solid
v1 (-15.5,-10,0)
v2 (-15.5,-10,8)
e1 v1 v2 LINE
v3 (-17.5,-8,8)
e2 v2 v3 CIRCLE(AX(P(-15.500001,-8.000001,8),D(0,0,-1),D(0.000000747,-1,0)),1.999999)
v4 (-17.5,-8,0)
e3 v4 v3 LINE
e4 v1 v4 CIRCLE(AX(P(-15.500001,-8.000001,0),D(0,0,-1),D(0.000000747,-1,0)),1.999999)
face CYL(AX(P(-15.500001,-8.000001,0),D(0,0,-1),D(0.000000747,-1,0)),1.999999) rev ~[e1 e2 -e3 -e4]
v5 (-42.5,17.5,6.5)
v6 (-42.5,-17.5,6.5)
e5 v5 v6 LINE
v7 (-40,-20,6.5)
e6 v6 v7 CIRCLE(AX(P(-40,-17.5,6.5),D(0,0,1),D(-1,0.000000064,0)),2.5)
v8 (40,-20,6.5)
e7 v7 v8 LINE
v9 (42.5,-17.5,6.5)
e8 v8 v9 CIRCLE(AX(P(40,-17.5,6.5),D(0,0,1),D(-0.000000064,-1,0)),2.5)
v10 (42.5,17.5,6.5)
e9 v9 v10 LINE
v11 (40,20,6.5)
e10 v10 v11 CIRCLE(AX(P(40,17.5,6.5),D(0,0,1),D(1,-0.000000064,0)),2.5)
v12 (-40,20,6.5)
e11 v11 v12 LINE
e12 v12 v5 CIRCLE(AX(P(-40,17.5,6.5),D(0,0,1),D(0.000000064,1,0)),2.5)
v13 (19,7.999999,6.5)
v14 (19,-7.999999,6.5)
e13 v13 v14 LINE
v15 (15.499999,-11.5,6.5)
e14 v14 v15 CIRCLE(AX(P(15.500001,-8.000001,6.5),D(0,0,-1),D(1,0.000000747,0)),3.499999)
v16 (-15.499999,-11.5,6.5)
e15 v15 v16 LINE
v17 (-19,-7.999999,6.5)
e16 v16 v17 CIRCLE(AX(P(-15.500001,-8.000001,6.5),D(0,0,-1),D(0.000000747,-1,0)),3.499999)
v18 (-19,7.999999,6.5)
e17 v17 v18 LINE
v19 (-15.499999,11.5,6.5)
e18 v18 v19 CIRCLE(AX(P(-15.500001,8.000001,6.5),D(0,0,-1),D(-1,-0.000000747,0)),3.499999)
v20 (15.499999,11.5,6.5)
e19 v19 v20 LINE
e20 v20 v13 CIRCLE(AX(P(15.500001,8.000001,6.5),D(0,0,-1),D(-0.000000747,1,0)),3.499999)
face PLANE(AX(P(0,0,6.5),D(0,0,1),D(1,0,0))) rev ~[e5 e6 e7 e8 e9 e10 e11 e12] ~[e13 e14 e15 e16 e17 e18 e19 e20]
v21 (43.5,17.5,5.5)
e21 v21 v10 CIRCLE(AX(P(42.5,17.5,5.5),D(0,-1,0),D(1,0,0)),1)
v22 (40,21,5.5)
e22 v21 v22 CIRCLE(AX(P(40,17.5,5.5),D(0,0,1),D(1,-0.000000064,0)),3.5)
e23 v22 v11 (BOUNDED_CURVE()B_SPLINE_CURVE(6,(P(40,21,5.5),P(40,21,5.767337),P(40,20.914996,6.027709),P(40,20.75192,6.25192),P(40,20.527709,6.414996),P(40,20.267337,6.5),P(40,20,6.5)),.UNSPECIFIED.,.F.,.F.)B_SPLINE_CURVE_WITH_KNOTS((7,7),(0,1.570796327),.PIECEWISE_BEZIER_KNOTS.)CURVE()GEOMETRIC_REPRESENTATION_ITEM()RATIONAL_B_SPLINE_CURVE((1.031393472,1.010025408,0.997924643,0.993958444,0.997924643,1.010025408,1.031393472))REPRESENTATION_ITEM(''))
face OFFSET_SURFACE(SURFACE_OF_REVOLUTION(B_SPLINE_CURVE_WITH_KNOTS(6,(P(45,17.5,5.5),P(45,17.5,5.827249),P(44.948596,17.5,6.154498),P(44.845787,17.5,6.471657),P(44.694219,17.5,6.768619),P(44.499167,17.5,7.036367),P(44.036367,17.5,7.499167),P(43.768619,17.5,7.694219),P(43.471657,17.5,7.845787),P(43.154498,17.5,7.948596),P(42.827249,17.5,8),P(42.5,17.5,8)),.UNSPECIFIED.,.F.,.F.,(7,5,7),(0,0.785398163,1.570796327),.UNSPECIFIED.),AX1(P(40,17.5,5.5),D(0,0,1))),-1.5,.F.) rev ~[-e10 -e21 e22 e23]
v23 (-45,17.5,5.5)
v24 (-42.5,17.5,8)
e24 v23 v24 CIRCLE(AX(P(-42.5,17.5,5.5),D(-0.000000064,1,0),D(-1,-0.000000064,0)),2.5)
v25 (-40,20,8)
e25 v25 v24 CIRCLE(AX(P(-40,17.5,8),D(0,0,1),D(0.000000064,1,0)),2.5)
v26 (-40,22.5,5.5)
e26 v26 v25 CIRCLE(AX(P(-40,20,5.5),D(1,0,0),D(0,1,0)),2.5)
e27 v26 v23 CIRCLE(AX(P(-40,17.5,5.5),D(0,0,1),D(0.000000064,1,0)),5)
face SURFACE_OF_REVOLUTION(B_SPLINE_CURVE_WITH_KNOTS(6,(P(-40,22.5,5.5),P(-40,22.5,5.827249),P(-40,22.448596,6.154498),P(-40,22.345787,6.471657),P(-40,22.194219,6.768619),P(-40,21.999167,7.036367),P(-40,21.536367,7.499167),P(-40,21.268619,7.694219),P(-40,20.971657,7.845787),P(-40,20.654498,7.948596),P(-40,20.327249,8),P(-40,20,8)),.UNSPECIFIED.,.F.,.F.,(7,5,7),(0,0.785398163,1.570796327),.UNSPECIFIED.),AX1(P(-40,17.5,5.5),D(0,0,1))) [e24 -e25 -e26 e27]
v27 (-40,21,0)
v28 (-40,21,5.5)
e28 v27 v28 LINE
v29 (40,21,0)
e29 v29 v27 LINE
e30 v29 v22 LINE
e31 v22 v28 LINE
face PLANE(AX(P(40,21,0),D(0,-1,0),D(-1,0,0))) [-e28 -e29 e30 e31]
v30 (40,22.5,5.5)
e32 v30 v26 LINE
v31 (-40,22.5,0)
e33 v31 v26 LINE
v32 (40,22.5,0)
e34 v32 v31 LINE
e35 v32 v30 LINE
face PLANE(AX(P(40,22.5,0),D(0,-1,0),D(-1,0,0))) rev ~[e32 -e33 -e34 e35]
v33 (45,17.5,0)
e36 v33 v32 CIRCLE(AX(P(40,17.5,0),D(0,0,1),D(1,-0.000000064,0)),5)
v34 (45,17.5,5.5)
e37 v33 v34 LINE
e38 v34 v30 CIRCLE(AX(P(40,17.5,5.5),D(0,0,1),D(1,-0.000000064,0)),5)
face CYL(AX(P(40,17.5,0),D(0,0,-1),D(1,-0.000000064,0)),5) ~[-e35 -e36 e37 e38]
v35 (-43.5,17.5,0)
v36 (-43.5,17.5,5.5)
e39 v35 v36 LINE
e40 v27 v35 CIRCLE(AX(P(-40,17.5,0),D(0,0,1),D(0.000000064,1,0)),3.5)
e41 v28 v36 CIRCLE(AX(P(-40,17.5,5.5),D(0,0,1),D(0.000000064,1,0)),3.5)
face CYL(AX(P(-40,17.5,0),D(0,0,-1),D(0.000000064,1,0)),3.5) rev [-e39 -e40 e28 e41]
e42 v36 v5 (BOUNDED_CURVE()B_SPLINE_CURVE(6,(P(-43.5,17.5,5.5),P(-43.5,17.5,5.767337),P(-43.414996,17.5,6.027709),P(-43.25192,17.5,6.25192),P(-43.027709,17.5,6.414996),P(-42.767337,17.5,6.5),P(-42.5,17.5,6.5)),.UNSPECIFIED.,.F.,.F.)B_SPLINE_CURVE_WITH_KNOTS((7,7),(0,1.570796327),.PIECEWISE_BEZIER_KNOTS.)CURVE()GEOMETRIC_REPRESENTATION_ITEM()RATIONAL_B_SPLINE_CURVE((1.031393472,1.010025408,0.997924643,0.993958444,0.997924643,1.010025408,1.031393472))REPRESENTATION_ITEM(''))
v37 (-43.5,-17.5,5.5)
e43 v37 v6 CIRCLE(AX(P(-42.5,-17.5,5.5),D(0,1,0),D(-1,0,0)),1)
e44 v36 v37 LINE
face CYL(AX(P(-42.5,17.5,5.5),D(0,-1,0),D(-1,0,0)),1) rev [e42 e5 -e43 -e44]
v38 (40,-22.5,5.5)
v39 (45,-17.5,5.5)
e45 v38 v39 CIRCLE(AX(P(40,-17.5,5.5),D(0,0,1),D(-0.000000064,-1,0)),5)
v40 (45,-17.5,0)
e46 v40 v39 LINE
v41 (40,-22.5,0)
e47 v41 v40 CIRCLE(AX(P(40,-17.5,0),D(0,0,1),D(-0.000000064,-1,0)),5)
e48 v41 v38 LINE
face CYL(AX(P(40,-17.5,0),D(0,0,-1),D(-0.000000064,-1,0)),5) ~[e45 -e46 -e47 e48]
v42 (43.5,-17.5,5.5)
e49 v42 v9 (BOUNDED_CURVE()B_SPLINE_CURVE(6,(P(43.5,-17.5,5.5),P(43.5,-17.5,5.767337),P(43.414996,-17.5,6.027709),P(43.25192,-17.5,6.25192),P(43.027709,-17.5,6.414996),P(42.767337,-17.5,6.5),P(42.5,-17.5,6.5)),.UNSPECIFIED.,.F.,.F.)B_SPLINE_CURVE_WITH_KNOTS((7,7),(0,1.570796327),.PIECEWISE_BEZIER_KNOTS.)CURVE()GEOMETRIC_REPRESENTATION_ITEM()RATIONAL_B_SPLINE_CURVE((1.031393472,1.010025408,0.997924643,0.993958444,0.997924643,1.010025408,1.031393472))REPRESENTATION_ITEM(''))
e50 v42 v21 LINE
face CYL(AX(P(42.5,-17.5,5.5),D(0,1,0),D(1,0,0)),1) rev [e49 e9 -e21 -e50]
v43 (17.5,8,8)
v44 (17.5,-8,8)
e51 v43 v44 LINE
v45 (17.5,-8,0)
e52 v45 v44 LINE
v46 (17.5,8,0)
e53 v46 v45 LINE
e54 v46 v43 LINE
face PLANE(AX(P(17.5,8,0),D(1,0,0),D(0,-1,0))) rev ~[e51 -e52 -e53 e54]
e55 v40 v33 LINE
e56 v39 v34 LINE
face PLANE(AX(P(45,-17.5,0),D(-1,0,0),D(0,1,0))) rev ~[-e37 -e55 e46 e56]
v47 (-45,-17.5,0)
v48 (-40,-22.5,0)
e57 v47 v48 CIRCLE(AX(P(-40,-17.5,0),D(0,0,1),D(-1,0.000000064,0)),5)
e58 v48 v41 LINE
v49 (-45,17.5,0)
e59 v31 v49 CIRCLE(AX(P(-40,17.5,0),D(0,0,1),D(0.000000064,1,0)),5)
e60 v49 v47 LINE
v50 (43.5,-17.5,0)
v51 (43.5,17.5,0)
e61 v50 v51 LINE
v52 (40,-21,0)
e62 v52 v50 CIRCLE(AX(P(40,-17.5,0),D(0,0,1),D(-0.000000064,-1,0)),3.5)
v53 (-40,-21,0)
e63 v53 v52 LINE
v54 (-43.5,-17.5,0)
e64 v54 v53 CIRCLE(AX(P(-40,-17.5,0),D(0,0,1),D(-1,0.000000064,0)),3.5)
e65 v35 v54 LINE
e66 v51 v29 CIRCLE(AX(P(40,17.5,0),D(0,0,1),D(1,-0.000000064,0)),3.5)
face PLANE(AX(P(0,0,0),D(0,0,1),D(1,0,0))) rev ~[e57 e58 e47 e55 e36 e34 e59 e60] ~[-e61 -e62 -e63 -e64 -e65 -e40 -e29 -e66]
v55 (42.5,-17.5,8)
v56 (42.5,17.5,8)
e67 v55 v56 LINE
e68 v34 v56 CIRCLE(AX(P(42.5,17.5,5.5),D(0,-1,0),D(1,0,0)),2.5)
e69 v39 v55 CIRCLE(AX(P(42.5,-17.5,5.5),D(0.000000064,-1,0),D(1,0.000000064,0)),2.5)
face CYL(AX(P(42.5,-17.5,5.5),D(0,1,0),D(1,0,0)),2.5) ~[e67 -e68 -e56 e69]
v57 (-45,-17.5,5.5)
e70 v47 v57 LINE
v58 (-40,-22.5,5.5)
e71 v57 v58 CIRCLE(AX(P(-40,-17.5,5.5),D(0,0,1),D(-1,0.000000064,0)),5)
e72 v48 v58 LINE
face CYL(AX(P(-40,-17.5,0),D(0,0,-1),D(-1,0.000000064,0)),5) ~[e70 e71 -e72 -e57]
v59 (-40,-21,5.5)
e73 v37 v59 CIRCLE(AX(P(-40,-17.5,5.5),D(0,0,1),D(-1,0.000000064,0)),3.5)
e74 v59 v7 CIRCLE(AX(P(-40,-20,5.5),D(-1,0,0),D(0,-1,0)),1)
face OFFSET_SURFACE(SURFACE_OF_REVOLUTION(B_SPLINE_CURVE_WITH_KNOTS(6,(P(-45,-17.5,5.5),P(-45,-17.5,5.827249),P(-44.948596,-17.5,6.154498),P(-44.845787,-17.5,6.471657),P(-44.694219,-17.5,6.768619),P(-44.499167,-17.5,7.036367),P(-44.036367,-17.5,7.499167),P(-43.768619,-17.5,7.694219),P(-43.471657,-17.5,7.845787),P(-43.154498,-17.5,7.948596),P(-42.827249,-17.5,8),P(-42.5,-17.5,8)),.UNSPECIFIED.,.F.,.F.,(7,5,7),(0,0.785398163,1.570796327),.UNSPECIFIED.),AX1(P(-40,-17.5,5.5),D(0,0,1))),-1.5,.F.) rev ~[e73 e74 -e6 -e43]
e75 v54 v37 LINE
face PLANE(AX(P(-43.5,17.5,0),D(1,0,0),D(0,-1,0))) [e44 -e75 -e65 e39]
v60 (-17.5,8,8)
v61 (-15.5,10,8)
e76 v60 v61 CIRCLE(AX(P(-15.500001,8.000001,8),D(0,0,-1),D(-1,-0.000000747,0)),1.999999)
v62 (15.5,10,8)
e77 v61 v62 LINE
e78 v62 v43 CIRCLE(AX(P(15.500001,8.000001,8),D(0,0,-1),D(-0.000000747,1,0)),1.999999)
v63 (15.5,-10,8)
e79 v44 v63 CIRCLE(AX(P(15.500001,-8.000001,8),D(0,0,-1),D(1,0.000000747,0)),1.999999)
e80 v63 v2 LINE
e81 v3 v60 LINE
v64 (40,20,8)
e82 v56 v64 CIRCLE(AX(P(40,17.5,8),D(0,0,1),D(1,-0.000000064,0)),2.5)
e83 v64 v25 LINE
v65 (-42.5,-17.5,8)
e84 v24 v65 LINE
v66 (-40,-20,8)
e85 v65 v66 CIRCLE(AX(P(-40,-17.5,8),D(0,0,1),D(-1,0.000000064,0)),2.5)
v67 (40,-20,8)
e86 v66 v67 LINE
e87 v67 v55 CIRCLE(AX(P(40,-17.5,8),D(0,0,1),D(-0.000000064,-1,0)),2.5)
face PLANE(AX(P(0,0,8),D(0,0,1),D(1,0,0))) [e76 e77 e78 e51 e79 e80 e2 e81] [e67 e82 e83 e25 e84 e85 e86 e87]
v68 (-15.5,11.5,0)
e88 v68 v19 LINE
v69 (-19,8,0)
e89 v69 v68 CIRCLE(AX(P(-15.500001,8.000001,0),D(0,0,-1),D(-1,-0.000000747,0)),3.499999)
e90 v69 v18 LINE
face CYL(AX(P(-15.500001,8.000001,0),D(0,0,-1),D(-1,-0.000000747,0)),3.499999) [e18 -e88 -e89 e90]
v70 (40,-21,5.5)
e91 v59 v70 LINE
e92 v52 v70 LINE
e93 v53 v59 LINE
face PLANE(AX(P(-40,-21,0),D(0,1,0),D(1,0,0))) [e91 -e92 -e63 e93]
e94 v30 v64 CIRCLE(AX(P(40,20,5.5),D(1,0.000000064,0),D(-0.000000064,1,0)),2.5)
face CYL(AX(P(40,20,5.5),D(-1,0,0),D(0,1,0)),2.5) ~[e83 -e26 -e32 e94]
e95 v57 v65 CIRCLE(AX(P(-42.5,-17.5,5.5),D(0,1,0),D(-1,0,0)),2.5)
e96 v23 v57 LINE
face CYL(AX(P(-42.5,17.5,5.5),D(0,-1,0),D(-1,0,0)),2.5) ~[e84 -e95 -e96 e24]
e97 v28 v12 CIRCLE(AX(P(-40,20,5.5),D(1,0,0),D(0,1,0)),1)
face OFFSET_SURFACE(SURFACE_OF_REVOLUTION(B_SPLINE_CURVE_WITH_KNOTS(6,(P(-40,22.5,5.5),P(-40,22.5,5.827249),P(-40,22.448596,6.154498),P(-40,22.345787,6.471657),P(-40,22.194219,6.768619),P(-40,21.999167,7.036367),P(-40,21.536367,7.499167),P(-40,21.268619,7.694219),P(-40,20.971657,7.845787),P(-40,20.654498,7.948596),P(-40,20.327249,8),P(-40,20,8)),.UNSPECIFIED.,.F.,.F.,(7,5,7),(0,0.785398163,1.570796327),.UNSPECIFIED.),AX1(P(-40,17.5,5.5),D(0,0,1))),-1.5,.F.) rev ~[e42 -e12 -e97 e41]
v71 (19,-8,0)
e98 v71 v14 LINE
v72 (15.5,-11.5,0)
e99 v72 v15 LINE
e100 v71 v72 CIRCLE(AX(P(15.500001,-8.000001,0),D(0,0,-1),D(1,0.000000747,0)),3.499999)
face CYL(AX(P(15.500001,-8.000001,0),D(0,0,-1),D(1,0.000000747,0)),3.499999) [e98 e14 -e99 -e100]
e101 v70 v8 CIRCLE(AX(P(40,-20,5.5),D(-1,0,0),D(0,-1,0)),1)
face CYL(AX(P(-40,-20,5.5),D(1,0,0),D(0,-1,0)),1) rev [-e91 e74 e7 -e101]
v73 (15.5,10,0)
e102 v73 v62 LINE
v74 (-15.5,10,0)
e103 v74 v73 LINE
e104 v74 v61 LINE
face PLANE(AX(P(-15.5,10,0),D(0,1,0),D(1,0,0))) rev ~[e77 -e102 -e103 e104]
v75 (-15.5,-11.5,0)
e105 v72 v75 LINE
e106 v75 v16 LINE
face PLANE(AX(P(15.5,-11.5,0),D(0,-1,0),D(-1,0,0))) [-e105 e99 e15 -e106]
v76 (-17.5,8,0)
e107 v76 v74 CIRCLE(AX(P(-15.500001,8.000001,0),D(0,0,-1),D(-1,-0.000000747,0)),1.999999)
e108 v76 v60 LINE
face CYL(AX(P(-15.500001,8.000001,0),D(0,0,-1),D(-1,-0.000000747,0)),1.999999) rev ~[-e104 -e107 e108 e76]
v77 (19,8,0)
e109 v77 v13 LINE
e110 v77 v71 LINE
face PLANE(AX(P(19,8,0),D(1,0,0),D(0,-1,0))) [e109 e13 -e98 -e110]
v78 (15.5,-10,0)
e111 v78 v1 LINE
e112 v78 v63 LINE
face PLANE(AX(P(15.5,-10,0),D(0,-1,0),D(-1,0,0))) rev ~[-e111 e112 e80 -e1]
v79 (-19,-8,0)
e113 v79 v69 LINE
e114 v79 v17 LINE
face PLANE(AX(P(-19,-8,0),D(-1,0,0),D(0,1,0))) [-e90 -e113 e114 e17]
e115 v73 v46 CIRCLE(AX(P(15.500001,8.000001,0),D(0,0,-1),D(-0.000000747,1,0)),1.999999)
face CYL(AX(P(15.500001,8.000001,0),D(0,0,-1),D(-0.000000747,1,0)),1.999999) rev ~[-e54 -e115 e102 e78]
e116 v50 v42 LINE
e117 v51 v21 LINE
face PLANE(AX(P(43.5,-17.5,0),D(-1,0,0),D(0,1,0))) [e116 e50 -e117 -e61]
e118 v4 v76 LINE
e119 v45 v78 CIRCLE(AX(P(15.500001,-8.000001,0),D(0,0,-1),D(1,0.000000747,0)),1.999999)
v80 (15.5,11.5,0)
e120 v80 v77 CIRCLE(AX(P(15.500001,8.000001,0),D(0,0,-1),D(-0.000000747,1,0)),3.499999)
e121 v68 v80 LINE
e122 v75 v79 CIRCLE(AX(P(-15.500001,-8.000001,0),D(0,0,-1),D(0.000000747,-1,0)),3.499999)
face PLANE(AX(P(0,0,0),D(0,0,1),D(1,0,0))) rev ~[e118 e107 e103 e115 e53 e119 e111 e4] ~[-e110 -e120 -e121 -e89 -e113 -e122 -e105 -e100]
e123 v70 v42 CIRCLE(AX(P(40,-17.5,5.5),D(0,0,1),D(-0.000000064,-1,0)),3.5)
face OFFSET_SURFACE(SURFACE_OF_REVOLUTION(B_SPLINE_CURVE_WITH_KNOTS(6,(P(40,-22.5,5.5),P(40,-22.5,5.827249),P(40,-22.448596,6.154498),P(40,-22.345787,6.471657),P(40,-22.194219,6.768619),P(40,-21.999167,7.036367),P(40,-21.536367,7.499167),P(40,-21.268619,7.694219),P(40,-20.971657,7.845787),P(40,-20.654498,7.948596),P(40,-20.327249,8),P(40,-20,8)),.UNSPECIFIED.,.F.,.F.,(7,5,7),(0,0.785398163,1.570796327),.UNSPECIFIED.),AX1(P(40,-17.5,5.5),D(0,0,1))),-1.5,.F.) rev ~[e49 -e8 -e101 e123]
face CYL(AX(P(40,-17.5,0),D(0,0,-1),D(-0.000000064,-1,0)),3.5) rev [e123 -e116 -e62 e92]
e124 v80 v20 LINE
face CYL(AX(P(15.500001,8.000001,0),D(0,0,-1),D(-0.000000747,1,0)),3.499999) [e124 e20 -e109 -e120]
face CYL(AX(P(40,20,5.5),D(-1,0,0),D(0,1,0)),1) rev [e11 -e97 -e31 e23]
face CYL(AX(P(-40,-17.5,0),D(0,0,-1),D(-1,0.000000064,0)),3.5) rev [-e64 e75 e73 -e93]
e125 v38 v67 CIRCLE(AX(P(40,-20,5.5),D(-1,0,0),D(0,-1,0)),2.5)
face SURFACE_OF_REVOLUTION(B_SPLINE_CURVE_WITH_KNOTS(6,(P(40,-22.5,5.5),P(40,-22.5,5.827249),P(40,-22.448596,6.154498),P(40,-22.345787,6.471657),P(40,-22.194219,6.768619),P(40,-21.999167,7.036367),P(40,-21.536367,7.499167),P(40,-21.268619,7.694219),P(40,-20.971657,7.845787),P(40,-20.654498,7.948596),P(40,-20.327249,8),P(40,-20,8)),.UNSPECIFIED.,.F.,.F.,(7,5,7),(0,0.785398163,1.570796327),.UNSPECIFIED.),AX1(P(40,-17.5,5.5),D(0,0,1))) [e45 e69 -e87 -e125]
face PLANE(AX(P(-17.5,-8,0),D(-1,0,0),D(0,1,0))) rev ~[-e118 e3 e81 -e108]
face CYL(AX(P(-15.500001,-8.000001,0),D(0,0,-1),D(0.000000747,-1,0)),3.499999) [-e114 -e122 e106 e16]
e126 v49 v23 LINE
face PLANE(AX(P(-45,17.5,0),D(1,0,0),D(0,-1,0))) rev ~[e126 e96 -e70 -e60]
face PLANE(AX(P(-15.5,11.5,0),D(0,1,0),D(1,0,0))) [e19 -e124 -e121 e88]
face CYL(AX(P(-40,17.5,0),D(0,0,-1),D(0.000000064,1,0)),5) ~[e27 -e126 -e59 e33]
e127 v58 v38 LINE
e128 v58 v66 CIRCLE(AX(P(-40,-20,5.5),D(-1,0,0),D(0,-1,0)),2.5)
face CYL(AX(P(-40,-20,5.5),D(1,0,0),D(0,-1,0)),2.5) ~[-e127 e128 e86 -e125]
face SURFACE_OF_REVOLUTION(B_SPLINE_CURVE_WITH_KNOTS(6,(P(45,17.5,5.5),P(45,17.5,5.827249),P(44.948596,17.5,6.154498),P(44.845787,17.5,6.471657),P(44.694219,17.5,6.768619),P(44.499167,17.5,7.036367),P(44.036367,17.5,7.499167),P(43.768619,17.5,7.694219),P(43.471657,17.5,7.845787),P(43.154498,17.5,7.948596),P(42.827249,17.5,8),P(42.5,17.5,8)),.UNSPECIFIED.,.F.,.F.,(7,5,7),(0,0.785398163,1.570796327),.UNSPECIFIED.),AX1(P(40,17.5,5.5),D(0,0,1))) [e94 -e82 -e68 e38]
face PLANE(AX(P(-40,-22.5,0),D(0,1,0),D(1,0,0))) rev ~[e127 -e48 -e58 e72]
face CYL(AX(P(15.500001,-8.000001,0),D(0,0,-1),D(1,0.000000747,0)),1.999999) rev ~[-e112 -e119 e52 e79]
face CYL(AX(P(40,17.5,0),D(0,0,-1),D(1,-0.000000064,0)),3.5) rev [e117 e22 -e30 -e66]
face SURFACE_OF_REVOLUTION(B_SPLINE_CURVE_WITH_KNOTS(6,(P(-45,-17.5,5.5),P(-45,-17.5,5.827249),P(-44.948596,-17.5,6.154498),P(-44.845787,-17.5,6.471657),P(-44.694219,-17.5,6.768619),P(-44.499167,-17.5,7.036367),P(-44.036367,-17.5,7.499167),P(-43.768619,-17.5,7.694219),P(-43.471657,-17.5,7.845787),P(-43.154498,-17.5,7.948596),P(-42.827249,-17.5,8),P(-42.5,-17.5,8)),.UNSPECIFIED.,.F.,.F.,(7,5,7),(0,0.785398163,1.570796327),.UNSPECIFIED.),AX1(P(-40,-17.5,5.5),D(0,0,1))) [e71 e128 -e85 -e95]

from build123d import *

# Parameters (mm, degrees)
F1_DEPTH = 8
F2_R     = 2.5
F3_T     = -1.5


with BuildPart() as f1:
    # F0 (on Top) → F1 (new body)
    with BuildSketch(Plane.XY):
        with BuildLine():
            Line((40, 22.5), (-40, 22.5))
            ThreePointArc((-40, 22.5), (-43.535534, 21.035534), (-45, 17.5))
            Line((-45, 17.5), (-45, -17.5))
            ThreePointArc((-45, -17.5), (-43.535534, -21.035534), (-40, -22.5))
            Line((-40, -22.5), (40, -22.5))
            ThreePointArc((40, -22.5), (43.535534, -21.035534), (45, -17.5))
            Line((45, -17.5), (45, 17.5))
            ThreePointArc((45, 17.5), (43.535534, 21.035534), (40, 22.5))
        make_face()
        with BuildLine():
            ThreePointArc((-17.5, 8), (-16.914214, 9.414214), (-15.5, 10))
            Line((-15.5, 10), (15.5, 10))
            ThreePointArc((15.5, 10), (16.914214, 9.414214), (17.5, 8))
            Line((17.5, 8), (17.5, -8))
            ThreePointArc((17.5, -8), (16.914214, -9.414214), (15.5, -10))
            Line((15.5, -10), (-15.5, -10))
            ThreePointArc((-15.5, -10), (-16.914214, -9.414214), (-17.5, -8))
            Line((-17.5, -8), (-17.5, 8))
        make_face(mode=Mode.SUBTRACT)
    extrude(amount=F1_DEPTH)

    # F2
    f2_edges = [f1.edges().sort_by_distance(p)[0] for p in [
        (0, -22.5, 8),
    ]]
    fillet(f2_edges, radius=F2_R)

    # F3
    f3_openings = [f1.faces().sort_by_distance(p)[0] for p in [
        (0, 21.493769, 0),
    ]]
    offset(amount=F3_T, openings=f3_openings)


solid = f1.part
